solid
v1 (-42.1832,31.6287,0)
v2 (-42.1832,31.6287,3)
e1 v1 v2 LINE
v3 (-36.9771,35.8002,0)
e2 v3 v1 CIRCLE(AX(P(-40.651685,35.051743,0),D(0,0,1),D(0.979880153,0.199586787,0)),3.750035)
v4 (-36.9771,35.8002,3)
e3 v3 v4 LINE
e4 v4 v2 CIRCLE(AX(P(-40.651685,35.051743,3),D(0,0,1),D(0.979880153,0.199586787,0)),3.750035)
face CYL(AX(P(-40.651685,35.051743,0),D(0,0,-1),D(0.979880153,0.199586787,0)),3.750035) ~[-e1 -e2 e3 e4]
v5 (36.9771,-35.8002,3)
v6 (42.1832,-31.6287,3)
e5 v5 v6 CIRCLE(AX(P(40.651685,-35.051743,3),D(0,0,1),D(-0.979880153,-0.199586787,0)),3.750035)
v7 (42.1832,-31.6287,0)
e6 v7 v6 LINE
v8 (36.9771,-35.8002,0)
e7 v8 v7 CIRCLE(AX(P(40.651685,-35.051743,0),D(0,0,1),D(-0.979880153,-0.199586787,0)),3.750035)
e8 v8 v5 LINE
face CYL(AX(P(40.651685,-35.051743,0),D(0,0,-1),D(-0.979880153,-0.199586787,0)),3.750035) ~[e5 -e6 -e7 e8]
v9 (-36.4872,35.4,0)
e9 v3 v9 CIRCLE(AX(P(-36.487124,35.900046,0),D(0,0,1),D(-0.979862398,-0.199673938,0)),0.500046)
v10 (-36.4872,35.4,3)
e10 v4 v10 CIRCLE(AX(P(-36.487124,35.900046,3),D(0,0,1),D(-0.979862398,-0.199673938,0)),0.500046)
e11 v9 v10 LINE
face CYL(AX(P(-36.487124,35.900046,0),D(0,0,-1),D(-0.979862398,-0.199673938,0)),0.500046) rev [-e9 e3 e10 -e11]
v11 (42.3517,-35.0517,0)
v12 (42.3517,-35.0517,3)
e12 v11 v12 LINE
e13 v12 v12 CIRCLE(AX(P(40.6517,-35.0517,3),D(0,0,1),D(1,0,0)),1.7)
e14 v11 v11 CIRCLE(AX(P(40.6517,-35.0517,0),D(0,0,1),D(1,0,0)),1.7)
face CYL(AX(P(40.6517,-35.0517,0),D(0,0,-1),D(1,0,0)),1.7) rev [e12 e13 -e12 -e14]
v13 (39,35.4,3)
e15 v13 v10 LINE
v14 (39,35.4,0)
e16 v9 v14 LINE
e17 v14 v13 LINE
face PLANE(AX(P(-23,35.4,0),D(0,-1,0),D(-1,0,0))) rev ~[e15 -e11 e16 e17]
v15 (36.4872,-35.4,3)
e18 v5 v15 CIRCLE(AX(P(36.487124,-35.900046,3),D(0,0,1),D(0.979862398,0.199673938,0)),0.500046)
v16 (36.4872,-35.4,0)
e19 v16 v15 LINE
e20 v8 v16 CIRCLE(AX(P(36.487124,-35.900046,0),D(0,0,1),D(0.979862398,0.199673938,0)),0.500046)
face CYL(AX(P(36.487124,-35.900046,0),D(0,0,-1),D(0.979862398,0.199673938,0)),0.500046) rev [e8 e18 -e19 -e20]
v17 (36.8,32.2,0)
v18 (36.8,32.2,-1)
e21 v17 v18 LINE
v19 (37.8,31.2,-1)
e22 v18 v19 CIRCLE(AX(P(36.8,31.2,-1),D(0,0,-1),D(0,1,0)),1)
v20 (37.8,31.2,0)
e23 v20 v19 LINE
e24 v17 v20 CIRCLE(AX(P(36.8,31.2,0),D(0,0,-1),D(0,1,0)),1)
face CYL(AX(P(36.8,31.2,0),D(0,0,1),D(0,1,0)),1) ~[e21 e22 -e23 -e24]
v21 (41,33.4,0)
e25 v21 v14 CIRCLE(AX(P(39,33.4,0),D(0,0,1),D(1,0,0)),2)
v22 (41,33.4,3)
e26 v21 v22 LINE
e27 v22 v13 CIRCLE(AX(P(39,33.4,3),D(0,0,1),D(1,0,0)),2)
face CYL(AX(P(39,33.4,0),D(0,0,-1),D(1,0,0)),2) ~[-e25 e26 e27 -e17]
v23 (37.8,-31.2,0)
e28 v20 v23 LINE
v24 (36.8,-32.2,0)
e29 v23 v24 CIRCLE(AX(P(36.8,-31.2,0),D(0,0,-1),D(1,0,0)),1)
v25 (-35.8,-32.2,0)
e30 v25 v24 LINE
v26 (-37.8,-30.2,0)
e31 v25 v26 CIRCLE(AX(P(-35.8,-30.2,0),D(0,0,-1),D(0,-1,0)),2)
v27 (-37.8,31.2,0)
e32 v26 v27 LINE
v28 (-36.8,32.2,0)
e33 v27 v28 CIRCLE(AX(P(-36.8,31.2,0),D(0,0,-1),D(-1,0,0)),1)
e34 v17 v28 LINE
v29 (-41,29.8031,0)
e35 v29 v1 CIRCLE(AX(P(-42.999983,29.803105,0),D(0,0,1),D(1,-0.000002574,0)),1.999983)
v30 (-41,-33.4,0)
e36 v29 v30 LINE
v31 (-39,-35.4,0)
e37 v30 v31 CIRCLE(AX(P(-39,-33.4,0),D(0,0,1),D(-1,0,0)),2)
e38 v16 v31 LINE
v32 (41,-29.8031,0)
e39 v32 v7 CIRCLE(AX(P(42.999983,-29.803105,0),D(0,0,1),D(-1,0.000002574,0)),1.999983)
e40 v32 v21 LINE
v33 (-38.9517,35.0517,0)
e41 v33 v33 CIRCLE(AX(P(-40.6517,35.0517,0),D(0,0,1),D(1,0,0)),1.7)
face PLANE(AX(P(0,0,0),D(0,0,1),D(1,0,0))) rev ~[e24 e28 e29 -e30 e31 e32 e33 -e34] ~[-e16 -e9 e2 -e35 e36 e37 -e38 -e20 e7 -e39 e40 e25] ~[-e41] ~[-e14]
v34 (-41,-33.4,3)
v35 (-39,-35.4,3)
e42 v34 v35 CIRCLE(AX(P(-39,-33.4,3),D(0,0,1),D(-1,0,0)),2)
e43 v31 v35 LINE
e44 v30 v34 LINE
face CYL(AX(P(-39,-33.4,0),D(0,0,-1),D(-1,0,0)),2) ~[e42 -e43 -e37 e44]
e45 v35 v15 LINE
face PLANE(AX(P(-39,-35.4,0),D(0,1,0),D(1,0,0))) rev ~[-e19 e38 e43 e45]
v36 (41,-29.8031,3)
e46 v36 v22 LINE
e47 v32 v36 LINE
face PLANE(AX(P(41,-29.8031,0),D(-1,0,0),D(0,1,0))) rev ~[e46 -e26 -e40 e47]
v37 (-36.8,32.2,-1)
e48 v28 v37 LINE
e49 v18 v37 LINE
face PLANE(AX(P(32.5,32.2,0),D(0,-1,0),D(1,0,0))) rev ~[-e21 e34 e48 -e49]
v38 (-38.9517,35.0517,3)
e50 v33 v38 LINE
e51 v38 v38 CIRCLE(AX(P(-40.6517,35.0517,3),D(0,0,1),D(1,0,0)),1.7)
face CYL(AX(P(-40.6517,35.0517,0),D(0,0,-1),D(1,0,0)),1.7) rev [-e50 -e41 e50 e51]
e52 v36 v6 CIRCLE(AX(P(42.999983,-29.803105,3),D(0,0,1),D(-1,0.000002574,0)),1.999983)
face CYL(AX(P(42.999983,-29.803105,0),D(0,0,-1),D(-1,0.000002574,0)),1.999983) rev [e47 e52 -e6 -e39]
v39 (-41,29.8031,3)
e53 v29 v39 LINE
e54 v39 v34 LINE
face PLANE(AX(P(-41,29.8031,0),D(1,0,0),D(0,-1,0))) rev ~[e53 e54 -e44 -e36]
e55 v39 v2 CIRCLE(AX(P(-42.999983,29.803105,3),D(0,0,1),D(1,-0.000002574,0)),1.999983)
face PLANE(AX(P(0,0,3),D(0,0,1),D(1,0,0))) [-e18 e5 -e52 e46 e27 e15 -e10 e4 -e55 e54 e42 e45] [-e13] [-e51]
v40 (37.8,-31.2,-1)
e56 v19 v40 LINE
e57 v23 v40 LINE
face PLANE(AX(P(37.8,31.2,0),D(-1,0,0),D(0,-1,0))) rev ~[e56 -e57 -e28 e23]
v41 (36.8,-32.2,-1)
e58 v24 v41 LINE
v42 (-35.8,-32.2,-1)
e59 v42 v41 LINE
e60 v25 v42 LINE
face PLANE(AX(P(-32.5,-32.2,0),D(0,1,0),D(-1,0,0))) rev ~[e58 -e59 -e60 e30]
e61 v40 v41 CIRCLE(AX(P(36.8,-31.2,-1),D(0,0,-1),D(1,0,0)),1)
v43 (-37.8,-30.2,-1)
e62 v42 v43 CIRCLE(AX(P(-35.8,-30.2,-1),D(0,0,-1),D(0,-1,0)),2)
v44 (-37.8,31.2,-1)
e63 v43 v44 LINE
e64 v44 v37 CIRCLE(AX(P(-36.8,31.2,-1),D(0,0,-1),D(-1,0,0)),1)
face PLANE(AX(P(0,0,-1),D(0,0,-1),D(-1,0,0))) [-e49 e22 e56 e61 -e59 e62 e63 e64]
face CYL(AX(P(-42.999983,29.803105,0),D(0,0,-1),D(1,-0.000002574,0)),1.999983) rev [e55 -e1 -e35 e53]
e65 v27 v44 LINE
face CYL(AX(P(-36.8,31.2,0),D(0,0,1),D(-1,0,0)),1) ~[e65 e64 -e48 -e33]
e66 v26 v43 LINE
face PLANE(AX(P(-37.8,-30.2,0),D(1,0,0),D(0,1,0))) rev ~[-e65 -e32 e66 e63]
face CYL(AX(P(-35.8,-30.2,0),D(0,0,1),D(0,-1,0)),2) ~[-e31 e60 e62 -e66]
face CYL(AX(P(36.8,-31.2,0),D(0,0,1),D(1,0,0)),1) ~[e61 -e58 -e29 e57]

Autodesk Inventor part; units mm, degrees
ref_plane "YZ Plane" through (0, 0, 0) normal (1, 0, 0) x (0, 1, 0)
ref_plane "XZ Plane" through (0, 0, 0) normal (0, 1, 0) x (-1, 0, 0)
ref_plane "XY Plane" through (0, 0, 0) normal (0, 0, 1) x (1, 0, 0)
sketch "Skizze1" plane through (0, 0, 0) normal (0, 0, 1) x (1, 0, 0)
  line L0 (-41, 29.8031) -> (-41, -33.4) projected
  arc A0 (-36.9771, 35.8002) -> (-42.1832, 31.6287) centre (-40.6517, 35.0517) ccw projected
  arc A1 (-41, 29.8031) -> (-42.1832, 31.6287) centre (-43, 29.8031) ccw projected
  line L1 (-23, 35.4) -> (-36.4872, 35.4) projected
  arc A2 (-36.9771, 35.8002) -> (-36.4872, 35.4) centre (-36.4872, 35.9) ccw projected
  line L2 (39, 35.4) -> (-8, 35.4) projected
  line L3 (41, -29.8031) -> (41, 33.4) projected
  arc A3 (41, 33.4) -> (39, 35.4) centre (39, 33.4) ccw projected
  circle A4 centre (-40.6517, 35.0517) radius 1.25 projected
  circle A5 centre (40.6517, -35.0517) radius 1.25 projected
  arc A6 (36.9771, -35.8002) -> (42.1832, -31.6287) centre (40.6517, -35.0517) ccw projected
  arc A7 (41, -29.8031) -> (42.1832, -31.6287) centre (43, -29.8031) ccw projected
  arc A8 (36.9771, -35.8002) -> (36.4872, -35.4) centre (36.4872, -35.9) ccw projected
  line L4 (35, -35.4) -> (36.4872, -35.4) projected
  arc A9 (-41, -33.4) -> (-39, -35.4) centre (-39, -33.4) ccw projected
  line L5 (-39, -35.4) -> (-35, -35.4) projected
  line L6 (-35, -35.4) -> (35, -35.4)
  line L7 (-23, 35.4) -> (-8, 35.4)
  circle A10 centre (40.6517, -35.0517) radius 1.7
  circle A11 centre (-40.6517, 35.0517) radius 1.7
  point P0 (0, 0)
  point P1 (-36.651, 36.3964)
  dimension "d6" = 3.4
extrude "Extrusion1" add sketch "Skizze1" along normal blind 3 contours A1 A0 A2 L1 L7 L2 A3 L3 A7 A6 A8 L4 L6 L5 A9 L0
ref_plane "Arbeitsebene1" through (0, 0, 0) normal (0, 0, -1) x (-1, 0, 0)
sketch "Skizze2" plane through (0, 0, 0) normal (0, 0, -1) x (-1, 0, 0)
  line L0 (-38, 32.1) -> (-38, -32.1) projected
  line L1 (33, -32.4) -> (-33, -32.4) projected
  line L2 (-37.7, -32.4) -> (-33, -32.4) projected
  arc A0 (-38, -32.1) -> (-37.7, -32.4) centre (-37.7, -32.1) ccw projected
  line L3 (-33, 32.4) -> (33, 32.4) projected
  line L4 (-33, 32.4) -> (-37.7, 32.4) projected
  arc A1 (-37.7, 32.4) -> (-38, 32.1) centre (-37.7, 32.1) ccw projected
  line L5 (38, -32.1) -> (38, 32.1) projected
  line L6 (33, -32.4) -> (37.7, -32.4) projected
  arc A2 (37.7, -32.4) -> (38, -32.1) centre (37.7, -32.1) ccw projected
  line L7 (37.7, 32.4) -> (33, 32.4) projected
  arc A3 (38, 32.1) -> (37.7, 32.4) centre (37.7, 32.1) ccw projected
  line L8 (-32.5, -32.2) -> (32.5, -32.2)
  line L9 (32.5, -32.2) -> (35.8, -32.2)
  line L10 (37.8, -30.2) -> (37.8, 31.2)
  line L11 (36.8, 32.2) -> (32.5, 32.2)
  line L12 (32.5, 32.2) -> (-32.5, 32.2)
  line L13 (-32.5, 32.2) -> (-36.8, 32.2)
  line L14 (-37.8, 31.2) -> (-37.8, -31.2)
  line L15 (-36.8, -32.2) -> (-32.5, -32.2)
  arc A4 (35.8, -32.2) -> (37.8, -30.2) centre (35.8, -30.2) ccw
  arc A5 (37.8, 31.2) -> (36.8, 32.2) centre (36.8, 31.2) ccw
  arc A6 (-36.8, 32.2) -> (-37.8, 31.2) centre (-36.8, 31.2) ccw
  arc A7 (-37.8, -31.2) -> (-36.8, -32.2) centre (-36.8, -31.2) ccw
  point P0 (37.8, -32.2)
  point P1 (37.8, 32.2)
  point P2 (-37.8, 32.2)
  point P3 (-37.8, -32.2)
  dimension "d7" = 0.2
  dimension "d8" = 2
  dimension "d9" = 1
extrude "Extrusion2" add sketch "Skizze2" along normal blind 1 contours L15 A7 L14 A6 L13 L12 L11 A5 L10 A4 L9 L8
properties part number "deckel"
